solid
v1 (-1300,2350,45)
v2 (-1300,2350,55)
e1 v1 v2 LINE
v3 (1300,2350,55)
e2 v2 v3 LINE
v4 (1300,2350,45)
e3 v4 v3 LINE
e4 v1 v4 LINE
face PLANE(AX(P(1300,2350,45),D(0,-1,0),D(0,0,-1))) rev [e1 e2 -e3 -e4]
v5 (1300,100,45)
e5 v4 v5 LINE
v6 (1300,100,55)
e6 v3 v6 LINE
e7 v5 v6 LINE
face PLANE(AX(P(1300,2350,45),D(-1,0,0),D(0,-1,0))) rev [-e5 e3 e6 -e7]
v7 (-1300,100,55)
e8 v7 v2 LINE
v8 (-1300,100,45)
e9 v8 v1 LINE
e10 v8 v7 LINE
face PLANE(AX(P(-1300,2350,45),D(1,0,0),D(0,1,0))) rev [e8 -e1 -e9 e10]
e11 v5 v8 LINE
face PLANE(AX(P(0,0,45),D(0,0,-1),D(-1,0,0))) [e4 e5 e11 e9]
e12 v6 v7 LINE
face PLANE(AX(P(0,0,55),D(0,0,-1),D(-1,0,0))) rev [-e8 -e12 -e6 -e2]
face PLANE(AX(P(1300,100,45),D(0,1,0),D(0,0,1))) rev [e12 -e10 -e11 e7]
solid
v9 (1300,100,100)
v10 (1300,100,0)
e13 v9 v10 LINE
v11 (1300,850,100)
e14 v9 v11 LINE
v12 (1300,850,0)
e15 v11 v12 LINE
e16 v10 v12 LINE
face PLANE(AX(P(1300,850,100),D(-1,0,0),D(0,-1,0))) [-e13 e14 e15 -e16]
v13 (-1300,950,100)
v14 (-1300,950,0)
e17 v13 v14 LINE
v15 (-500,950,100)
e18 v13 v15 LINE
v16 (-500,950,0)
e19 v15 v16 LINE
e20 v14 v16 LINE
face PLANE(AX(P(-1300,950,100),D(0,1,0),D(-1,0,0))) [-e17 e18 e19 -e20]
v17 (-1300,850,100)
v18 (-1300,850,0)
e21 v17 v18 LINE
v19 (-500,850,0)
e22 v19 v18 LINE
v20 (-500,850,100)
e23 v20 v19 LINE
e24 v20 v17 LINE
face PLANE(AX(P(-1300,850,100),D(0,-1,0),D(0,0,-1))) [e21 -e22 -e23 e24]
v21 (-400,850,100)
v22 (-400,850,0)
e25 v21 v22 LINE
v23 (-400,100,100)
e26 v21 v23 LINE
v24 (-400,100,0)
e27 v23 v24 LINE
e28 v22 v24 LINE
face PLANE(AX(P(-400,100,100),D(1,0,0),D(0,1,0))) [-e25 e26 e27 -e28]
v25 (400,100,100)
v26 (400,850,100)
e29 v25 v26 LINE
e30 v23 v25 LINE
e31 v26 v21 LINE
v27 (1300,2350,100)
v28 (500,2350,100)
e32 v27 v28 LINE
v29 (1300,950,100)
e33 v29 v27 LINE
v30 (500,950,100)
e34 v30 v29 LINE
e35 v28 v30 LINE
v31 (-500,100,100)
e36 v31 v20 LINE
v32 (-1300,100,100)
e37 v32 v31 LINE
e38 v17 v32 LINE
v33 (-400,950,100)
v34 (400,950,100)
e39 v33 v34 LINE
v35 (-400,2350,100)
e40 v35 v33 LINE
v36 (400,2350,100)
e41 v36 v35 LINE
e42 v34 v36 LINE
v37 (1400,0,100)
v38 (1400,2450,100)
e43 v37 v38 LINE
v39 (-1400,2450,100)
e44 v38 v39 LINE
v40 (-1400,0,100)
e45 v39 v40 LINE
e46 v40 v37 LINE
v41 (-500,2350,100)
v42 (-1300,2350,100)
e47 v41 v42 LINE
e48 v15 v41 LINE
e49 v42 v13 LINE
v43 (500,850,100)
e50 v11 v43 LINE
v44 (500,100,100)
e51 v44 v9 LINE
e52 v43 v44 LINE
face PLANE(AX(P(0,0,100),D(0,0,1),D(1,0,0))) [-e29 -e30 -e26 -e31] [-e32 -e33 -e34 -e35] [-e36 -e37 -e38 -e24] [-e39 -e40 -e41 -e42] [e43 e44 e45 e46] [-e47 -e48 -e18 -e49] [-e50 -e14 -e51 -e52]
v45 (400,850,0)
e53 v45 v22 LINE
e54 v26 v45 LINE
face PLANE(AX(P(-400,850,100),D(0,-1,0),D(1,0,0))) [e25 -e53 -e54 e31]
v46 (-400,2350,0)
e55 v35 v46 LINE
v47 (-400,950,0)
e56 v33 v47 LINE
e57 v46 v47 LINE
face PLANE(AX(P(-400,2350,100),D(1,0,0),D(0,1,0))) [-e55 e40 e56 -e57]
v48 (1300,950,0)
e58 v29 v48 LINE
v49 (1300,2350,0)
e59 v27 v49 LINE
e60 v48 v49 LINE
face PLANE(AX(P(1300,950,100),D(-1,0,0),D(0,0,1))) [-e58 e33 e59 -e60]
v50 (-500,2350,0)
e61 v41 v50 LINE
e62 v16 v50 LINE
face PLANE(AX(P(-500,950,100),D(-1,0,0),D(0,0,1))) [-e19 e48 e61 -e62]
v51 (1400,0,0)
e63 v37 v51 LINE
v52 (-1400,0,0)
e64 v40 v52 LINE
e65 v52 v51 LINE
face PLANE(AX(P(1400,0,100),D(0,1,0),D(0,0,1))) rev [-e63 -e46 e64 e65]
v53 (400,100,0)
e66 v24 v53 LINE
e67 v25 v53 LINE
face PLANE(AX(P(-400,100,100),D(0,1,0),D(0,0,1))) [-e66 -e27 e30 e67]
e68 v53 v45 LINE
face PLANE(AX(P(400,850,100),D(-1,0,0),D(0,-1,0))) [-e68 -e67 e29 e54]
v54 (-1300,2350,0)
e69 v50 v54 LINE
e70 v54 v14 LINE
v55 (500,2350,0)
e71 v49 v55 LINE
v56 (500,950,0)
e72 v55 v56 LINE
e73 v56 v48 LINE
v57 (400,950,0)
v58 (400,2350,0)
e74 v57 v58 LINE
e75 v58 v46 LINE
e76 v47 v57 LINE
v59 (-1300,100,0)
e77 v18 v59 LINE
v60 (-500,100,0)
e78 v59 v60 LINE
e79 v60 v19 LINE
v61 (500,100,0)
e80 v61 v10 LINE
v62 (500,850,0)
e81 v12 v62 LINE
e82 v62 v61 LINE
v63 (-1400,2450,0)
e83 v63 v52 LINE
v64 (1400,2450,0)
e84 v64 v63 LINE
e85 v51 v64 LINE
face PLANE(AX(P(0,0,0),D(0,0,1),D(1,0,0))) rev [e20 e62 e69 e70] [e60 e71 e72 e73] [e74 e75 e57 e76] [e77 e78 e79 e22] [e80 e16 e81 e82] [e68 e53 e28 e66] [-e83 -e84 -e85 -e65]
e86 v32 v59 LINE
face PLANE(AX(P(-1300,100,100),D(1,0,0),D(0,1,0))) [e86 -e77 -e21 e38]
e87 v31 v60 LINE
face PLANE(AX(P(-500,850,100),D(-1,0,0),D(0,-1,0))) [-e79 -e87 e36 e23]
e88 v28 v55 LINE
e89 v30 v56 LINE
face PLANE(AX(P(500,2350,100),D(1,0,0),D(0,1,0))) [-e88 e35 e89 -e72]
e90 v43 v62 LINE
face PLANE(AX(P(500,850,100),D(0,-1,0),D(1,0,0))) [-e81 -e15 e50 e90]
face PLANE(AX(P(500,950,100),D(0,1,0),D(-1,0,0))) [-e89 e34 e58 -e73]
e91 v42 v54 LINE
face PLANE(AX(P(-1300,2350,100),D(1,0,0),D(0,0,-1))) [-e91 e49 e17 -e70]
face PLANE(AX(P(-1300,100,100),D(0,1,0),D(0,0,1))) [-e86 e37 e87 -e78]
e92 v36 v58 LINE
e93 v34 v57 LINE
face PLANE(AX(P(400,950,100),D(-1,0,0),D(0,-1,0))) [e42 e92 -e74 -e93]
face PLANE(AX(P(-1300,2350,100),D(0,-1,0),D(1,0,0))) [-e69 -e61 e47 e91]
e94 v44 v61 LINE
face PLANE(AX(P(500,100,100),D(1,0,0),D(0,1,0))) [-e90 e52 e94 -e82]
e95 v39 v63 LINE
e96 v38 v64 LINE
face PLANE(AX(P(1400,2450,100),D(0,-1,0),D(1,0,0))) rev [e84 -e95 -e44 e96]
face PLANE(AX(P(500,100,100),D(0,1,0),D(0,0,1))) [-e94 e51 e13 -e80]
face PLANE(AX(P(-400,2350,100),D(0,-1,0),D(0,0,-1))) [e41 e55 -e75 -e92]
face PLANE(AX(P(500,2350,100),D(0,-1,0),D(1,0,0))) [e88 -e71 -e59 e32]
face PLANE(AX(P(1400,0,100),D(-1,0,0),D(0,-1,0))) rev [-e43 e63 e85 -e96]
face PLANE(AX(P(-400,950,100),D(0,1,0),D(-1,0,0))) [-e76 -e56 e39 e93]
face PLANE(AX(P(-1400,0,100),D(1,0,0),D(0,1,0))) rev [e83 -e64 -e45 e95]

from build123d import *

# Parameters (mm, degrees)
SKETCH_1_W      = 2800
SKETCH_1_H      = 2450
SKETCH_1_W_2    = 800
SKETCH_1_H_2    = 1400
SKETCH_1_H_3    = 750
EXTRUDE_1_DEPTH = 100
SKETCH_2_W      = 2600
SKETCH_2_H      = 2250
EXTRUDE_2_DEPTH = 5


with BuildPart() as part:
    # Эскиз1 → Бобышка-Вытянуть1 (new body)
    with BuildSketch(Plane.XY):
        with Locations((0, 1225)):
            Rectangle(SKETCH_1_W, SKETCH_1_H)
        with Locations((-900, 1650)):
            Rectangle(SKETCH_1_W_2, SKETCH_1_H_2, mode=Mode.SUBTRACT)
        with Locations((-900, 475)):
            Rectangle(SKETCH_1_W_2, SKETCH_1_H_3, mode=Mode.SUBTRACT)
        with Locations((0, 1650)):
            Rectangle(SKETCH_1_W_2, SKETCH_1_H_2, mode=Mode.SUBTRACT)
        with Locations((0, 475)):
            Rectangle(SKETCH_1_W_2, SKETCH_1_H_3, mode=Mode.SUBTRACT)
        with Locations((900, 1650)):
            Rectangle(SKETCH_1_W_2, SKETCH_1_H_2, mode=Mode.SUBTRACT)
        with Locations((900, 475)):
            Rectangle(SKETCH_1_W_2, SKETCH_1_H_3, mode=Mode.SUBTRACT)
    extrude(amount=EXTRUDE_1_DEPTH)


with BuildPart() as body_2:
    # Эскиз2 → Бобышка-Вытянуть2 (new, symmetric)
    with BuildSketch(Plane(origin=(0, 0, 50), x_dir=(-1, 0, 0), z_dir=(0, 0, -1))):
        with Locations((0, 1225)):
            Rectangle(SKETCH_2_W, SKETCH_2_H)
    extrude(amount=EXTRUDE_2_DEPTH, both=True)


solid = Compound([part.part, body_2.part])
